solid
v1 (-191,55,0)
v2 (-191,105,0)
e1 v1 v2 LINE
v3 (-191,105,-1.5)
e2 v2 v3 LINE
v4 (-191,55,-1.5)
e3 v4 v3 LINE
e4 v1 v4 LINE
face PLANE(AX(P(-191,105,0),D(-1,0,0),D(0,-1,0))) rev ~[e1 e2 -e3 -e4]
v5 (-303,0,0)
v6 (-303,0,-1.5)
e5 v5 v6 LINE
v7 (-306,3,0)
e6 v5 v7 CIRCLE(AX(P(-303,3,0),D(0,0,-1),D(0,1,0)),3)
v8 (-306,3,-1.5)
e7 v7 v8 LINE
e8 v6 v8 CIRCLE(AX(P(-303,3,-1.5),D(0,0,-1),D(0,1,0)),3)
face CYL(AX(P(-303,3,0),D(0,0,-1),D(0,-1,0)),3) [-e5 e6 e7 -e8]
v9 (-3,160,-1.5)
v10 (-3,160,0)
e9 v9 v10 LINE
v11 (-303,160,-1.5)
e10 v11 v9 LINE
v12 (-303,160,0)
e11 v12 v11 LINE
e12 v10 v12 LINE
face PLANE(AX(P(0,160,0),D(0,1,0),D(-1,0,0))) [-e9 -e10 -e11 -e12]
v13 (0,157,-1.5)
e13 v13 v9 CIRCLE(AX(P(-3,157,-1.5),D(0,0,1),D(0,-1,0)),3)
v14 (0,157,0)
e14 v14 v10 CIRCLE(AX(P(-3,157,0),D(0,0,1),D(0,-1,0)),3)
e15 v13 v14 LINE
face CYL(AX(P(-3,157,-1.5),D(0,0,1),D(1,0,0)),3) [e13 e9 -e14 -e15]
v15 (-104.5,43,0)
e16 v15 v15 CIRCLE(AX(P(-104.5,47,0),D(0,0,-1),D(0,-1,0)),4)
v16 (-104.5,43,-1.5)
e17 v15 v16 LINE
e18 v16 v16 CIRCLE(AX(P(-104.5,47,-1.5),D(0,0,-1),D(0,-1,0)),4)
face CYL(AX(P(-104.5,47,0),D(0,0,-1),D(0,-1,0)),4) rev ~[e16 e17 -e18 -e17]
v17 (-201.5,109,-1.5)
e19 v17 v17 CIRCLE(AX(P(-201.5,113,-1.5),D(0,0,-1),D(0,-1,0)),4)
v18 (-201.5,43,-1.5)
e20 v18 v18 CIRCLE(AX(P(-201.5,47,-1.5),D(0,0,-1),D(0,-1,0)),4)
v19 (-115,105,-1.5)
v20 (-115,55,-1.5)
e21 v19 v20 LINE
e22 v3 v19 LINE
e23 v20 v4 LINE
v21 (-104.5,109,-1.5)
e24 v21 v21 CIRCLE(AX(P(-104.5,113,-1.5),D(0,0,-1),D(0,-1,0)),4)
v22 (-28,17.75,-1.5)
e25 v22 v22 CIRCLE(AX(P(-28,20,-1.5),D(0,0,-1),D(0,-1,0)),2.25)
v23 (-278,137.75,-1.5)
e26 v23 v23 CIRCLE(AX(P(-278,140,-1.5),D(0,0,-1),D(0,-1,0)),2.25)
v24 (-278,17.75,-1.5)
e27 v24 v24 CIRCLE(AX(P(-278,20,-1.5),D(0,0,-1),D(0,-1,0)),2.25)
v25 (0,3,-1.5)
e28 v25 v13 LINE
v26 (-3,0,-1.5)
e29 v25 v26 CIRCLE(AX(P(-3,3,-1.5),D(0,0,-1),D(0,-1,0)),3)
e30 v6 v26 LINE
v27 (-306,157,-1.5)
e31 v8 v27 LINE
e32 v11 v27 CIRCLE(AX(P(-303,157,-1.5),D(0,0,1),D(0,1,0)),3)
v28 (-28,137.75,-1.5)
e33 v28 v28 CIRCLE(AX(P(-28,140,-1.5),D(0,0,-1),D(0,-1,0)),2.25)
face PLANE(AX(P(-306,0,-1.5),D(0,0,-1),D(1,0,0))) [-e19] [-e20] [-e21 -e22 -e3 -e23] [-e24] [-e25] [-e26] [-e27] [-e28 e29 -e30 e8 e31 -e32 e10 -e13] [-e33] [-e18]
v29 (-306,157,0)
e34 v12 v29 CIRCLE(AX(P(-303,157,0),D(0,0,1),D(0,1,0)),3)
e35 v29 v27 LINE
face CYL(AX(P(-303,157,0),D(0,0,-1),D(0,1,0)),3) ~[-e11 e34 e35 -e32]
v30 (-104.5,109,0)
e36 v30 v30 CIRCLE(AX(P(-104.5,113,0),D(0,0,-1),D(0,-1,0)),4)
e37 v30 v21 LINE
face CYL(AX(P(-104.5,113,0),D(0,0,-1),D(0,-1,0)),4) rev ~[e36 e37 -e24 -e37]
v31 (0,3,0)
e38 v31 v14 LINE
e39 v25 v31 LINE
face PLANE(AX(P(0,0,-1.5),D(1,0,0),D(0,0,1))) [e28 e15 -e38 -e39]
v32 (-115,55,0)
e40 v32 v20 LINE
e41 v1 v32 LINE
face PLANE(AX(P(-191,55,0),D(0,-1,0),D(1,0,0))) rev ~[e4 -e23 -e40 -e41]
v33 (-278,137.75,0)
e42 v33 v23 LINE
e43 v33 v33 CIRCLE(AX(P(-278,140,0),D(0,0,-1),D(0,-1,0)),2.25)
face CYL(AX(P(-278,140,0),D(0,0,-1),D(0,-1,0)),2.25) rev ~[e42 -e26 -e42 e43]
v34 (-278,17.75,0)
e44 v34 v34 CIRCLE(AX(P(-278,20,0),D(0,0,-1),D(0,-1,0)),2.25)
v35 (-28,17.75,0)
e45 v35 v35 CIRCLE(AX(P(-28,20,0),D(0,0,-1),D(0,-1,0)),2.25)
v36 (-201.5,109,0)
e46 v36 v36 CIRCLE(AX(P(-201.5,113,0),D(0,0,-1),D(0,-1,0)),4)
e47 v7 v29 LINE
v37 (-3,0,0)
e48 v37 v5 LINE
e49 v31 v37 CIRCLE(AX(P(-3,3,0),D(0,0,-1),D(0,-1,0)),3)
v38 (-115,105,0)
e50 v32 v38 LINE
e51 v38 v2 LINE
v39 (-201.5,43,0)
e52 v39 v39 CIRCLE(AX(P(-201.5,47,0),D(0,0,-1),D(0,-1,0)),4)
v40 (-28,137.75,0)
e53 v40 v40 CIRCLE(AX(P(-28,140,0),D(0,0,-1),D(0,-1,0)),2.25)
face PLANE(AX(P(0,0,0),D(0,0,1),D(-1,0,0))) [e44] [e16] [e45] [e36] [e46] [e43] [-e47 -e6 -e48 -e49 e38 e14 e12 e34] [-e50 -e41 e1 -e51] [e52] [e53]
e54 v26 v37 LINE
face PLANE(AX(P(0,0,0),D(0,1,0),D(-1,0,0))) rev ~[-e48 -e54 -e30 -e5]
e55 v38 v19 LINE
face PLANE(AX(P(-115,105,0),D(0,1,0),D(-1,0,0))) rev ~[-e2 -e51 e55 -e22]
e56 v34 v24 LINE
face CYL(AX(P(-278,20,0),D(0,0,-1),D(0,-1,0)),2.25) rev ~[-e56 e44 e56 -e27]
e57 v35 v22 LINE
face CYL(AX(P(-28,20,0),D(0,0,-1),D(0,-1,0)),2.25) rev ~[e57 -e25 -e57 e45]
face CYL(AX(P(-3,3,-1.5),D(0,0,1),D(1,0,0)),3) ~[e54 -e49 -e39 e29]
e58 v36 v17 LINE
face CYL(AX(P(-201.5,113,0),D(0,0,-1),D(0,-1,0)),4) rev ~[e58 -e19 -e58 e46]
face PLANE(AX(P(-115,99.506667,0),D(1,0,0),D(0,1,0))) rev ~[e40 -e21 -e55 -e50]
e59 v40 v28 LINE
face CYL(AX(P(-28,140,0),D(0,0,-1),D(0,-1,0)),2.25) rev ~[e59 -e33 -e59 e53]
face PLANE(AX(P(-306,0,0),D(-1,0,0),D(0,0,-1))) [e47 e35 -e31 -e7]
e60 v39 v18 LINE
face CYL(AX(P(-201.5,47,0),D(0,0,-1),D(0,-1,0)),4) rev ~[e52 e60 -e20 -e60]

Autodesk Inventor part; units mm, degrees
ref_plane "YZ Plane" through (0, 0, 0) normal (1, 0, 0) x (0, 1, 0)
ref_plane "XZ Plane" through (0, 0, 0) normal (0, 1, 0) x (-1, 0, 0)
ref_plane "XY Plane" through (0, 0, 0) normal (0, 0, 1) x (1, 0, 0)
sketch "Skizze1" plane through (0, 0, 0) normal (0, 1, 0) x (-1, 0, 0)
  line L0 (0, 0) -> (306, 0)
  line L1 (306, 0) -> (306, -1.5)
  line L2 (306, -1.5) -> (0, -1.5)
  line L3 (0, -1.5) -> (0, 0)
  dimension "d0" = 306
  dimension "d1" = 1.5
extrude "Extrusion1" add sketch "Skizze1" along normal blind 160
sketch "Skizze2" plane through (-306, 0, 0) normal (0, 0, 1) x (1, 0, 0)
  line L0 (278, 20) -> (28, 20)
  line L1 (28, 20) -> (28, 140)
  line L2 (28, 140) -> (278, 140)
  line L3 (278, 140) -> (278, 20)
  line L4 (278, 20) -> (28, 140) construction
  line L5 (28, 20) -> (278, 140) construction
  line L6 (0, 0) -> (0, 160) projected
  line L7 (0, 160) -> (306, 160) projected
  point P0 (306, 0)
  point P1 (153, 80)
  dimension "d4" = 306
  dimension "d5" = 160
  dimension "d6" = 153
  dimension "d7" = 80
  dimension "d8" = 250
  dimension "d9" = 120
hole "Bohrung1" at (-28, 20, 0) at (-28, 140, 0) at (-278, 140, 0) at (-278, 20, 0) direction (0, 0, -1) diameter 4.5 depth 11.8 tip angle 118
fillet "Rundung1" radius 3 4 edges at (-306, 160, -0.75) (-306, 0, -0.75) (0, 160, -0.75) (0, 0, -0.75)
sketch "Skizze3" plane through (-303, 0, 0) normal (0, 0, 1) x (1, 0, 0)
  arc A0 (0, 160) -> (-3, 157) centre (0, 157) ccw projected
  arc A1 (300, 0) -> (303, 3) centre (300, 3) ccw projected
  line L0 (0, 157) -> (300, 3)
  arc A2 (303, 157) -> (300, 160) centre (300, 157) ccw projected
  arc A3 (-3, 3) -> (0, 0) centre (0, 3) ccw projected
  line L1 (300, 157) -> (0, 3)
  line L2 (112, 55) -> (188, 55)
  line L3 (188, 55) -> (188, 105)
  line L4 (188, 105) -> (112, 105)
  line L5 (112, 105) -> (112, 55)
  line L6 (112, 55) -> (188, 105) construction
  line L7 (188, 55) -> (112, 105) construction
  point P0 (303, 0)
  point P1 (150, 80)
  dimension "d18" = 76
  dimension "d19" = 50
extrude "Extrusion2" cut sketch "Skizze3" against normal through all
sketch "Skizze4" plane through (-303, 0, 0) normal (0, 0, 1) x (1, 0, 0)
  line L0 (112, 105) -> (188, 105) projected
  line L1 (188, 105) -> (188, 55) projected
  line L2 (112, 105) -> (188, 55)
  line L3 (112, 55) -> (188, 55) projected
  line L4 (188, 105) -> (112, 55)
  line L5 (101.5, 47) -> (198.5, 47)
  line L6 (198.5, 47) -> (198.5, 113)
  line L7 (198.5, 113) -> (101.5, 113)
  line L8 (101.5, 113) -> (101.5, 47)
  line L9 (101.5, 47) -> (198.5, 113) construction
  line L10 (198.5, 47) -> (101.5, 113) construction
  point P0 (303, 0)
  point P1 (150, 80)
  dimension "d22" = 97
  dimension "d23" = 66
hole "Bohrung2" at (-201.5, 113, 0) at (-104.5, 113, 0) at (-104.5, 47, 0) at (-201.5, 47, 0) direction (0, 0, -1) diameter 8 end through all
equation "\"d6\" = 0.5 * d4"
equation "\"d7\" = 0.5 * d5"
properties part number "Deckel 2,0"
